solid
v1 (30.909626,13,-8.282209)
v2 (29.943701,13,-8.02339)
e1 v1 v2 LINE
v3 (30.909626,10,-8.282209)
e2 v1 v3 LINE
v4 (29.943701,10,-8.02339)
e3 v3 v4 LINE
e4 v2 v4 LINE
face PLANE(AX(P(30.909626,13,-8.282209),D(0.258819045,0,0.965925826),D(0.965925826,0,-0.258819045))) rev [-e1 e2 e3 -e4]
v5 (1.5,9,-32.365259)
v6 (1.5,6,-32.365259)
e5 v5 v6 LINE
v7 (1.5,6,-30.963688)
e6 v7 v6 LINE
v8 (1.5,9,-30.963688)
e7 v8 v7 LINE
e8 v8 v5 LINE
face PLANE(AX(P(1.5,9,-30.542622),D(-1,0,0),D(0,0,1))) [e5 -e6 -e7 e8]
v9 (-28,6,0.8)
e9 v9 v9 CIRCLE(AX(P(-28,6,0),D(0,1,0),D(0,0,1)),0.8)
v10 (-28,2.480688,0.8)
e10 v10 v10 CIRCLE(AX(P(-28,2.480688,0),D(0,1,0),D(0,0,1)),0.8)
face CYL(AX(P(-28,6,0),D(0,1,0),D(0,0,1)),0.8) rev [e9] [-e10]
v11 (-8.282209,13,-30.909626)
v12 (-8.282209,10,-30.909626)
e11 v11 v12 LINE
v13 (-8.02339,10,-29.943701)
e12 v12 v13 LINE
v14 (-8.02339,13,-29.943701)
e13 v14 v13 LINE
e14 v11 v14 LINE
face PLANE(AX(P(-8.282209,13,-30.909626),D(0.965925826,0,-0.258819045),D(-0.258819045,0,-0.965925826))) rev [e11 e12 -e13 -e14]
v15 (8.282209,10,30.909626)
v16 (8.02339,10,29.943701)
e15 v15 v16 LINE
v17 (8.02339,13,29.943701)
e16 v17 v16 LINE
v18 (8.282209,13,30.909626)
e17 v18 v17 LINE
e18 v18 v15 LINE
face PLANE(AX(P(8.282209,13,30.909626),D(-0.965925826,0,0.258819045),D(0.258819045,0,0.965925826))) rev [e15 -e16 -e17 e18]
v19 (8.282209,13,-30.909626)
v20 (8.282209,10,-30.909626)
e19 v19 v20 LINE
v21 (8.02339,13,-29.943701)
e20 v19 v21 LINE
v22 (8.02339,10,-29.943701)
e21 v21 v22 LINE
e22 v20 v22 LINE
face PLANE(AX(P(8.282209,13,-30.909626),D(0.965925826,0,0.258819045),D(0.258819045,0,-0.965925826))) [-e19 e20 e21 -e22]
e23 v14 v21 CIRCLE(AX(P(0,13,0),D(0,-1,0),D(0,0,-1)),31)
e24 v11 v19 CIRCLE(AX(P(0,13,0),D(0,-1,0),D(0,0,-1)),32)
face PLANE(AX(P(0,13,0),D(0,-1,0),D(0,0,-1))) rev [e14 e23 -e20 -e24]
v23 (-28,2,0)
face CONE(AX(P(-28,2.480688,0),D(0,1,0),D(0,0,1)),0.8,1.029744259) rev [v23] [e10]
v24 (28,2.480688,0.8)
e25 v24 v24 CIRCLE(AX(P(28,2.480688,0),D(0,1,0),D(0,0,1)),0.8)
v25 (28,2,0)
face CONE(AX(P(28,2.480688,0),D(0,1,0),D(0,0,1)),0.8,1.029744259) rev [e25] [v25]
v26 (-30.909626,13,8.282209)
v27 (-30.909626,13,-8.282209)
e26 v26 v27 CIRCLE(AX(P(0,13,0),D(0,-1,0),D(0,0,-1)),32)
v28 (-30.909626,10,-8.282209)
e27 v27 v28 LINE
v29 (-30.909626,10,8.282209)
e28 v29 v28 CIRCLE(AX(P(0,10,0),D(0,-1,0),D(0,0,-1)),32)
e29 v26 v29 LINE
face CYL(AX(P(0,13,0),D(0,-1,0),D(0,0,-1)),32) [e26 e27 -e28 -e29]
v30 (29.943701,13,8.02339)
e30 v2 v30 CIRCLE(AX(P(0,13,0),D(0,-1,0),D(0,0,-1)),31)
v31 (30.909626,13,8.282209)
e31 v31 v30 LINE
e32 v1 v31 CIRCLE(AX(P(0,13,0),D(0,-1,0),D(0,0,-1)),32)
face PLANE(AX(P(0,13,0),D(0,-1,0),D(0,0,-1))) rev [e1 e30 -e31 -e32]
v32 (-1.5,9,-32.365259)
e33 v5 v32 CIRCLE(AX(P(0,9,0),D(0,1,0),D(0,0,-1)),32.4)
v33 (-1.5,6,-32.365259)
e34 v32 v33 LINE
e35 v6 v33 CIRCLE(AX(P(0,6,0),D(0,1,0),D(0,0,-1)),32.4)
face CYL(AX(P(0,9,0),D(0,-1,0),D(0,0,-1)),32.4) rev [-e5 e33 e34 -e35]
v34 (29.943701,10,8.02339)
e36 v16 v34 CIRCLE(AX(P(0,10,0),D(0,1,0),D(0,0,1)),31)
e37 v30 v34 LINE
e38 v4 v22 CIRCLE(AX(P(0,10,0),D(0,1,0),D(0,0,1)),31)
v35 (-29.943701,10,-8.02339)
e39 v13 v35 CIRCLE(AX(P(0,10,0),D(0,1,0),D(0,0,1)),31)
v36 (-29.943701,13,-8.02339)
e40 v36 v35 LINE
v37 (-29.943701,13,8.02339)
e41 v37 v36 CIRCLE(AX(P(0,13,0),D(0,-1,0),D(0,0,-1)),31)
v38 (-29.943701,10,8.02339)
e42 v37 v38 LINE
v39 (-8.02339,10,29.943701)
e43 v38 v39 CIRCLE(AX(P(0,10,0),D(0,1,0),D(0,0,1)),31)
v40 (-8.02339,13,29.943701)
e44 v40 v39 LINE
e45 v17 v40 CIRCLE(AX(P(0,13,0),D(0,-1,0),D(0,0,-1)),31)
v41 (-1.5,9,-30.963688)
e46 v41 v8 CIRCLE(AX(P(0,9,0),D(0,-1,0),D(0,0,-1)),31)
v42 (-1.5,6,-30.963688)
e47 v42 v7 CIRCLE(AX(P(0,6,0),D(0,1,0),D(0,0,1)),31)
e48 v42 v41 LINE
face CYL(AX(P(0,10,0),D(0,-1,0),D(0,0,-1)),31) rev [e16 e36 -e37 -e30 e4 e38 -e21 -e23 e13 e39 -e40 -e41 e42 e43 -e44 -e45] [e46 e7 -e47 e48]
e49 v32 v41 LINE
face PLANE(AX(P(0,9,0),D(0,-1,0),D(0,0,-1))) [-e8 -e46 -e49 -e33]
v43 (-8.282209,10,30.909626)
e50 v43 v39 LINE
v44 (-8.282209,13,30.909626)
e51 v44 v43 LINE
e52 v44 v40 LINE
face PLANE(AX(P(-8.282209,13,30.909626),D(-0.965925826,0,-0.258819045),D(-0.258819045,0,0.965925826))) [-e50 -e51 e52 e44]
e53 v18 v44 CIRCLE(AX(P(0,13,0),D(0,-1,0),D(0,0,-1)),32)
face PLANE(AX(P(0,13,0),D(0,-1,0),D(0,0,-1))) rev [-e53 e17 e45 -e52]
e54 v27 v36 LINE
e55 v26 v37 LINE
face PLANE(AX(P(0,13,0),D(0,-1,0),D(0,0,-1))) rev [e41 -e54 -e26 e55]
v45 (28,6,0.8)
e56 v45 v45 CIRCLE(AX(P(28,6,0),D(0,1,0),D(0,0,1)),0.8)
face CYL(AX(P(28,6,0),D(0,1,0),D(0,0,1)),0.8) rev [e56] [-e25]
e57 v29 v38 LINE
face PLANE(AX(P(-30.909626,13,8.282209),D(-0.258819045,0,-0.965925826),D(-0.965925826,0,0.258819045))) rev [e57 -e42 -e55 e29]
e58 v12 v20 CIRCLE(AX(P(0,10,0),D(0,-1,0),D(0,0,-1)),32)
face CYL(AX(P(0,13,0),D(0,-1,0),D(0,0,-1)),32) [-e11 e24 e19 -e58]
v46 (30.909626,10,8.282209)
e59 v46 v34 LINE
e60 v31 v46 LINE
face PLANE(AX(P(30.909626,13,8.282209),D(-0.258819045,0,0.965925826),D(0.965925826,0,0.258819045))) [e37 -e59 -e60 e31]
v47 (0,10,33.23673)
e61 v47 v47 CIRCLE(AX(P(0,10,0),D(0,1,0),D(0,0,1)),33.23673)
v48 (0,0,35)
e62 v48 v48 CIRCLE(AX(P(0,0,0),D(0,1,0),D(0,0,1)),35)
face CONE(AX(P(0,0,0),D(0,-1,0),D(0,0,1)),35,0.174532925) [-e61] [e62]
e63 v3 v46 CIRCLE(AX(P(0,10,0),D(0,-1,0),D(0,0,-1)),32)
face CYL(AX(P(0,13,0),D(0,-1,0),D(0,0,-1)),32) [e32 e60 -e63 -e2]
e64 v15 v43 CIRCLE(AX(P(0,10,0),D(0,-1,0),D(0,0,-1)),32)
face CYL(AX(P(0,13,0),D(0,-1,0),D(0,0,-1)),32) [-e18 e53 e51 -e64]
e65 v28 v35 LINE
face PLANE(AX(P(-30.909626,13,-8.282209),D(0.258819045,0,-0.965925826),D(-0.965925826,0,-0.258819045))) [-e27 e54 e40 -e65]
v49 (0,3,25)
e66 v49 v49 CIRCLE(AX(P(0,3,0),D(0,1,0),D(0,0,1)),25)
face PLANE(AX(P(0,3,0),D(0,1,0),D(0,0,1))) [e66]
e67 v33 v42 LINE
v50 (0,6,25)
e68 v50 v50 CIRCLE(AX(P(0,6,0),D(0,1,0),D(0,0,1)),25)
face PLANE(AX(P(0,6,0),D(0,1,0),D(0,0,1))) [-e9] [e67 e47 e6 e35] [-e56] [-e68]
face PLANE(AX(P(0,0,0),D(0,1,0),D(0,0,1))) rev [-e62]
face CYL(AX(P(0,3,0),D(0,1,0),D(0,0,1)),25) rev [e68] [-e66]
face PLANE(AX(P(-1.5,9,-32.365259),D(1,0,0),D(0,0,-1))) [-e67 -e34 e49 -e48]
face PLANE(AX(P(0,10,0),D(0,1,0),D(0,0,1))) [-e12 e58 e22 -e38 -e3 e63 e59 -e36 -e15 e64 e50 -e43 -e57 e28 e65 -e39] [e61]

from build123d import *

# Parameters (mm, degrees)
SKETCH_1_R             = 35
EXTRUDE_1_DEPTH        = 6
EXTRUDE_1_TAPER        = 10
SKETCH_4_R             = 25
CUT_EXTRUDE_1_DEPTH    = 3
HOLE_WIZARD_M2_9_D     = 1.6
HOLE_WIZARD_M2_9_DEPTH = 3.519311505
HOLE_WIZARD_M2_9_TIP   = 0.480688495
SKETCH_21_R            = 33.942038116
EXTRUDE_2_DEPTH        = 4
EXTRUDE_2_TAPER        = 10
SKETCH_22_R            = 31
CUT_EXTRUDE_2_DEPTH    = 50.859803602
CUT_EXTRUDE_3_DEPTH    = 3
EXTRUDE_4_DEPTH        = 3


with BuildPart() as part:
    # 草图1 → 凸台-拉伸1 (new body)
    with BuildSketch(Plane(origin=(0, 0, 0), x_dir=(1, 0, 0), z_dir=(0, 1, 0))):
        Circle(SKETCH_1_R)
    extrude(amount=EXTRUDE_1_DEPTH, taper=EXTRUDE_1_TAPER)

    # 草图4 → 切除-拉伸1 (cut)
    with BuildSketch(Plane(origin=(0, 6, 0), x_dir=(1, 0, 0), z_dir=(0, 1, 0))):
        Circle(SKETCH_4_R)
    extrude(amount=-CUT_EXTRUDE_1_DEPTH, mode=Mode.SUBTRACT)

    # M2 螺纹孔9
    with Locations(Plane(origin=(0, 6, 0), x_dir=(1, 0, 0), z_dir=(0, 1, 0))):
        with Locations((-28, 0), (28, 0)):
            Hole(HOLE_WIZARD_M2_9_D / 2, depth=HOLE_WIZARD_M2_9_DEPTH)
            with Locations((0, 0, -(HOLE_WIZARD_M2_9_DEPTH + HOLE_WIZARD_M2_9_TIP / 2))):  # 118° drill point
                Cone(0, HOLE_WIZARD_M2_9_D / 2, HOLE_WIZARD_M2_9_TIP, mode=Mode.SUBTRACT)

    # 草图21 → 凸台-拉伸2 (add)
    with BuildSketch(Plane(origin=(0, 6, 0), x_dir=(1, 0, 0), z_dir=(0, 1, 0))):
        Circle(SKETCH_21_R)
    extrude(amount=EXTRUDE_2_DEPTH, taper=EXTRUDE_2_TAPER)

    # 草图22 → 切除-拉伸2 (cut, through all)
    with BuildSketch(Plane(origin=(0, 6, 0), x_dir=(1, 0, 0), z_dir=(0, 1, 0))):
        Circle(SKETCH_22_R)
    extrude(amount=CUT_EXTRUDE_2_DEPTH, mode=Mode.SUBTRACT)

    # 草图23 → 切除-拉伸3 (cut)
    with BuildSketch(Plane(origin=(0, 6, 0), x_dir=(1, 0, 0), z_dir=(0, 1, 0))):
        with BuildLine():
            Line((-1.5, 32.365259152), (-1.5, 30.542622152))
            Line((-1.5, 30.542622152), (1.5, 30.542622152))
            Line((1.5, 30.542622152), (1.5, 32.365259152))
            ThreePointArc((1.5, 32.365259152), (0, 32.4), (-1.5, 32.365259152))
        make_face()
    extrude(amount=CUT_EXTRUDE_3_DEPTH, mode=Mode.SUBTRACT)

    # 草图31 → 凸台-拉伸4 (add)
    with BuildSketch(Plane(origin=(0, 10, 0), x_dir=(1, 0, 0), z_dir=(0, 1, 0))):
        with BuildLine():
            Line((-8.282209443, 30.909626441), (-8.023390398, 29.943700615))
            ThreePointArc((-8.023390398, 29.943700615), (0, 31), (8.023390398, 29.943700615))
            Line((8.023390398, 29.943700615), (8.282209443, 30.909626441))
            ThreePointArc((8.282209443, 30.909626441), (0, 32), (-8.282209443, 30.909626441))
        make_face()
        with BuildLine():
            Line((30.909626441, -8.282209443), (29.943700615, -8.023390398))
            ThreePointArc((29.943700615, -8.023390398), (31, 0), (29.943700615, 8.023390398))
            Line((29.943700615, 8.023390398), (30.909626441, 8.282209443))
            ThreePointArc((30.909626441, 8.282209443), (32, 0), (30.909626441, -8.282209443))
        make_face()
        with BuildLine():
            Line((-8.282209443, -30.909626441), (-8.023390398, -29.943700615))
            ThreePointArc((-8.023390398, -29.943700615), (0, -31), (8.023390398, -29.943700615))
            Line((8.023390398, -29.943700615), (8.282209443, -30.909626441))
            ThreePointArc((8.282209443, -30.909626441), (0, -32), (-8.282209443, -30.909626441))
        make_face()
        with BuildLine():
            Line((-30.909626441, 8.282209443), (-29.943700615, 8.023390398))
            ThreePointArc((-29.943700615, 8.023390398), (-31, 0), (-29.943700615, -8.023390398))
            Line((-29.943700615, -8.023390398), (-30.909626441, -8.282209443))
            ThreePointArc((-30.909626441, -8.282209443), (-32, 0), (-30.909626441, 8.282209443))
        make_face()
    extrude(amount=EXTRUDE_4_DEPTH)


solid = part.part
